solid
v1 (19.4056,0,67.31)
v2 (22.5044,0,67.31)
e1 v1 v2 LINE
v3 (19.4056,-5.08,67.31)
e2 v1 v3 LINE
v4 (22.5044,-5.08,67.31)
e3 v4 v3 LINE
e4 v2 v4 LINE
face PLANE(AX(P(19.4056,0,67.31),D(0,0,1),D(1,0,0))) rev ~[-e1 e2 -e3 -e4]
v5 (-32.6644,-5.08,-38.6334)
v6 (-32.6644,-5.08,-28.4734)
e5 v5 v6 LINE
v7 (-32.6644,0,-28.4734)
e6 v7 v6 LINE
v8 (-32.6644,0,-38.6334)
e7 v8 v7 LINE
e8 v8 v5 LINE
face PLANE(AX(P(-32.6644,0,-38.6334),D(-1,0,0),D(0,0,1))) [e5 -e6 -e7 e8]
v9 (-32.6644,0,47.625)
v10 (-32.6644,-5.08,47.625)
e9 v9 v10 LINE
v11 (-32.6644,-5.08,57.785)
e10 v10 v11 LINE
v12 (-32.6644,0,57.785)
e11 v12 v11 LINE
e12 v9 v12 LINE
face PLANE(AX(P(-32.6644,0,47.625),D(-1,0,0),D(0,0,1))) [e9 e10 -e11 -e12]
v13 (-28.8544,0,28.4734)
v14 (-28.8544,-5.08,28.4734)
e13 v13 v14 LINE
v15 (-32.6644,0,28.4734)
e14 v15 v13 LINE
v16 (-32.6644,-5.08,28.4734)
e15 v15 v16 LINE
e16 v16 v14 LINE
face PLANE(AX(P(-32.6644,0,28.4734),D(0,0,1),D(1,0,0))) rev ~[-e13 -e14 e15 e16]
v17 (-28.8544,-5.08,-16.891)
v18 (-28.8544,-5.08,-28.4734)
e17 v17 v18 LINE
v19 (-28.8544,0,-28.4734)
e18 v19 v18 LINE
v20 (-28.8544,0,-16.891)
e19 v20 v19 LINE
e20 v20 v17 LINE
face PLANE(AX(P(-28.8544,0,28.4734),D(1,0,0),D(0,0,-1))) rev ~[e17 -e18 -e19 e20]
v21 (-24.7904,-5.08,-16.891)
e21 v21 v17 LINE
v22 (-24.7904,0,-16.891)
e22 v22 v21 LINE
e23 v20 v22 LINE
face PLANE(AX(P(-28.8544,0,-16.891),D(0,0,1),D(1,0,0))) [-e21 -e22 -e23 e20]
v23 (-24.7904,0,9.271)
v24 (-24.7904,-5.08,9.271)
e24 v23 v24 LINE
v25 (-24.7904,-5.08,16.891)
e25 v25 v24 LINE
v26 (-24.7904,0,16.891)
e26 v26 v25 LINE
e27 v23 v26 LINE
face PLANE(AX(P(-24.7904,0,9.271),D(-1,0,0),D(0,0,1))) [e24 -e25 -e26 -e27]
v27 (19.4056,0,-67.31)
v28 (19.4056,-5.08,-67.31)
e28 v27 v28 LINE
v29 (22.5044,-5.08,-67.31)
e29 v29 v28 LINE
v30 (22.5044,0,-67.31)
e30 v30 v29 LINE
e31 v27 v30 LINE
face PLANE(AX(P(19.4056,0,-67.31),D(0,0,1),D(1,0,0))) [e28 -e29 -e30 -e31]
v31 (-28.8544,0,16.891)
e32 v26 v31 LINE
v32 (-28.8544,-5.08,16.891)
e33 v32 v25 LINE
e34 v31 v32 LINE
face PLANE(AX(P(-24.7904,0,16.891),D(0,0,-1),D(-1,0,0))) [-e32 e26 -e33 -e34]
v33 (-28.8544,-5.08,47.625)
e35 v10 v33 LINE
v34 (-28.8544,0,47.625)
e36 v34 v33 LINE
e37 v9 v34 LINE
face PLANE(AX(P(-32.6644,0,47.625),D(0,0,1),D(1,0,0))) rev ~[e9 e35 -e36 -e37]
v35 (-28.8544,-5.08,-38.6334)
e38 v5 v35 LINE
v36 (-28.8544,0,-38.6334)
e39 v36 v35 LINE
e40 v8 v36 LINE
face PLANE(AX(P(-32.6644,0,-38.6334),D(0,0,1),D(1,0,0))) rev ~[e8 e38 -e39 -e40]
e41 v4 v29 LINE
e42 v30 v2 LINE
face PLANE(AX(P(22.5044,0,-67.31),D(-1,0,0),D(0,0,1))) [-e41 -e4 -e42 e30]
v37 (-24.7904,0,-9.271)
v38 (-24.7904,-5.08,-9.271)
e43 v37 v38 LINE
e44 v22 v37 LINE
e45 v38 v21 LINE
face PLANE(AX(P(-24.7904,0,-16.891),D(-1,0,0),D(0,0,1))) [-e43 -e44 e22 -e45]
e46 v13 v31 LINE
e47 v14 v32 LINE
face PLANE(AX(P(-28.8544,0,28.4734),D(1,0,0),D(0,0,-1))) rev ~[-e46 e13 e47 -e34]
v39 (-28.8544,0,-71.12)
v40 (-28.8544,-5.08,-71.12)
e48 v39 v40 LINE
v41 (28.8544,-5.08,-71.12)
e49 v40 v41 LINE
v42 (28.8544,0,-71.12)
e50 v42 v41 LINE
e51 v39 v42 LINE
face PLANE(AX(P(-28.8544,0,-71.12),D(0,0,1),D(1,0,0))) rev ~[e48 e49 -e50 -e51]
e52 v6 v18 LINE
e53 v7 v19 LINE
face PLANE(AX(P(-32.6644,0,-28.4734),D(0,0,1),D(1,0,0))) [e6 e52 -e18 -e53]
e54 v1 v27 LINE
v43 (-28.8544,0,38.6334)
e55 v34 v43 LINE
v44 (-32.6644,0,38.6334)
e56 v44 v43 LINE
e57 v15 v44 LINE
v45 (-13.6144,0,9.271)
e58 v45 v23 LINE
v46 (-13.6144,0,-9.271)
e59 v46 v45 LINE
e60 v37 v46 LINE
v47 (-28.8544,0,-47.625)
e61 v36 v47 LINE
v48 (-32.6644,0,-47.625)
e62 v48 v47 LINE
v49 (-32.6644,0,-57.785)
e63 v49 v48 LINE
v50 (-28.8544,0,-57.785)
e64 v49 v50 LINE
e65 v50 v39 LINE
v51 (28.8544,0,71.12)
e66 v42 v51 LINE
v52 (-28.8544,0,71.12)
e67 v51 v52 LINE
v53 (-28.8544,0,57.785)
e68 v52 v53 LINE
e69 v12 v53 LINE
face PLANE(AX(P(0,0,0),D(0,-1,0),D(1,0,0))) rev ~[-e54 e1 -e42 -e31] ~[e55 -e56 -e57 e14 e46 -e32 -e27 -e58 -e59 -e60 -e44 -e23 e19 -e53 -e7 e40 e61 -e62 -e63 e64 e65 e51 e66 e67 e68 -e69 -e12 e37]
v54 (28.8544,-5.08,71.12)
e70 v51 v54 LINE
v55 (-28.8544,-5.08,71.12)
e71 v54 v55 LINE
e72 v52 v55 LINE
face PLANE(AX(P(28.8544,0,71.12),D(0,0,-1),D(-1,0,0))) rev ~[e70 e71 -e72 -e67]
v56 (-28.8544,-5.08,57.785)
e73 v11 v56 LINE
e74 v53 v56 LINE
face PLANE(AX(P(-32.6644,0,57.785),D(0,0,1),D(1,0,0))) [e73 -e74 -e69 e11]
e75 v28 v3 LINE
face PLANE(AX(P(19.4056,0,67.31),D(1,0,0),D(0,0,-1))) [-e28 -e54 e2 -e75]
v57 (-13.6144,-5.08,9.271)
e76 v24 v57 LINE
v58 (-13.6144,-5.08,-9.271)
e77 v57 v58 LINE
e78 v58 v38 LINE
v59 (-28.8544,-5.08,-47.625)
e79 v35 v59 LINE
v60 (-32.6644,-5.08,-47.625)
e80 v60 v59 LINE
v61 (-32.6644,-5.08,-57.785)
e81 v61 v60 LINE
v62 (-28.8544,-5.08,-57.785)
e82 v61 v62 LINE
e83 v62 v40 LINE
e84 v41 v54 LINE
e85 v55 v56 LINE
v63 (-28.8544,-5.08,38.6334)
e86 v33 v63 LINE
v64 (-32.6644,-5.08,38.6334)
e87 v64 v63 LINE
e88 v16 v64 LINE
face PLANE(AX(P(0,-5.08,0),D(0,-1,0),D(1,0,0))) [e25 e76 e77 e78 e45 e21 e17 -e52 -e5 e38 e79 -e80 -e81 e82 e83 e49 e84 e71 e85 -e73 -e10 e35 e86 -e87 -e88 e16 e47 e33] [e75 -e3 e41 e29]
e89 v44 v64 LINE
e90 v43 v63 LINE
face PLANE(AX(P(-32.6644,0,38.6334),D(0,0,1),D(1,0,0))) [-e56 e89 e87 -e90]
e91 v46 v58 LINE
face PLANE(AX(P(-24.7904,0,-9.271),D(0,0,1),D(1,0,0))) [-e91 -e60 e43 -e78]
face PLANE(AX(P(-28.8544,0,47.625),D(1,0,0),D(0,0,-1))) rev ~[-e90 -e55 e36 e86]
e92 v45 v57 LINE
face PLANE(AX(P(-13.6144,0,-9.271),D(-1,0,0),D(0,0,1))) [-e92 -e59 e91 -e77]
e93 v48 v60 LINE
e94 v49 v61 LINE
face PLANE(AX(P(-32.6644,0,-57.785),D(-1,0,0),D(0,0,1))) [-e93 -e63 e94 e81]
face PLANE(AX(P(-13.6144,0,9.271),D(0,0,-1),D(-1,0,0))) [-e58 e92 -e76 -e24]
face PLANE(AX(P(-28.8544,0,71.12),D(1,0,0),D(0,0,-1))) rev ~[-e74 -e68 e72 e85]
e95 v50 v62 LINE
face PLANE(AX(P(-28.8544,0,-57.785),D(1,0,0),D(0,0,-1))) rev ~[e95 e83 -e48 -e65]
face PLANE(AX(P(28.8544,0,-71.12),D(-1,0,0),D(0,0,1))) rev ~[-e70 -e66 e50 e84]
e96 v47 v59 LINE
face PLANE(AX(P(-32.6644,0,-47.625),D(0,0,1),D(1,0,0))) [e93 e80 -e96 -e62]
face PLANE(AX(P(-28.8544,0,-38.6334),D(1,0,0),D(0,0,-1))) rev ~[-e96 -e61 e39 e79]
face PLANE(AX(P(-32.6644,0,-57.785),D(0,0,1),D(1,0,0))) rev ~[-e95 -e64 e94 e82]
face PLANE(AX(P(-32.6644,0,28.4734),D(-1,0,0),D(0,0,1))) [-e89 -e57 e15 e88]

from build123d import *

# Parameters (mm, degrees)
F0_W     = 3.81
F0_H     = 10.16
F2_DEPTH = 5.08
F1_W     = 3.0988
F1_H     = 67.31
F1_W_2   = 4.064
F1_H_2   = 7.62
F1_W_3   = 2.032
F1_H_3   = 9.271
F3_DEPTH = 33.274


with BuildPart() as f2:
    # F0 (on Front) → F2 (new body)
    with BuildSketch(Plane.XZ):
        Polygon((28.8544, 71.12), (-28.8544, 71.12), (-28.8544, 57.785), (-28.8544, 47.625), (-28.8544, 38.6334), (-28.8544, 28.4734), (-28.8544, 0), (-28.8544, -28.4734), (-28.8544, -38.6334), (-28.8544, -47.625), (-28.8544, -57.785), (-28.8544, -71.12), (28.8544, -71.12), align=None)
        with Locations((-30.7594, 52.705)):
            Rectangle(F0_W, F0_H)
        with Locations((-30.7594, 33.5534)):
            Rectangle(F0_W, F0_H)
        with Locations((-30.7594, -52.705)):
            Rectangle(F0_W, F0_H)
        with Locations((-30.7594, -33.5534)):
            Rectangle(F0_W, F0_H)
    extrude(amount=F2_DEPTH)

    # F1 (on Front) → F3 (cut)
    with BuildSketch(Plane.XZ):
        with Locations((20.955, 33.655)):
            Rectangle(F1_W, F1_H)
        with Locations((20.955, -33.655)):
            Rectangle(F1_W, F1_H)
        Polygon((-13.6144, -9.271), (-13.6144, 0), (-13.6144, 9.271), (-24.7904, 9.271), (-26.8224, 9.271), (-26.8224, 0), (-28.8544, 0), (-28.8544, -9.271), (-24.7904, -9.271), align=None)
        Polygon((-26.8224, 9.271), (-24.7904, 9.271), (-24.7904, 16.891), (-28.8544, 16.891), (-28.8544, 9.271), align=None)
        with Locations((-26.8224, -13.081)):
            Rectangle(F1_W_2, F1_H_2)
        with Locations((-27.8384, 4.6355)):
            Rectangle(F1_W_3, F1_H_3)
    extrude(amount=F3_DEPTH, mode=Mode.SUBTRACT)


solid = f2.part
